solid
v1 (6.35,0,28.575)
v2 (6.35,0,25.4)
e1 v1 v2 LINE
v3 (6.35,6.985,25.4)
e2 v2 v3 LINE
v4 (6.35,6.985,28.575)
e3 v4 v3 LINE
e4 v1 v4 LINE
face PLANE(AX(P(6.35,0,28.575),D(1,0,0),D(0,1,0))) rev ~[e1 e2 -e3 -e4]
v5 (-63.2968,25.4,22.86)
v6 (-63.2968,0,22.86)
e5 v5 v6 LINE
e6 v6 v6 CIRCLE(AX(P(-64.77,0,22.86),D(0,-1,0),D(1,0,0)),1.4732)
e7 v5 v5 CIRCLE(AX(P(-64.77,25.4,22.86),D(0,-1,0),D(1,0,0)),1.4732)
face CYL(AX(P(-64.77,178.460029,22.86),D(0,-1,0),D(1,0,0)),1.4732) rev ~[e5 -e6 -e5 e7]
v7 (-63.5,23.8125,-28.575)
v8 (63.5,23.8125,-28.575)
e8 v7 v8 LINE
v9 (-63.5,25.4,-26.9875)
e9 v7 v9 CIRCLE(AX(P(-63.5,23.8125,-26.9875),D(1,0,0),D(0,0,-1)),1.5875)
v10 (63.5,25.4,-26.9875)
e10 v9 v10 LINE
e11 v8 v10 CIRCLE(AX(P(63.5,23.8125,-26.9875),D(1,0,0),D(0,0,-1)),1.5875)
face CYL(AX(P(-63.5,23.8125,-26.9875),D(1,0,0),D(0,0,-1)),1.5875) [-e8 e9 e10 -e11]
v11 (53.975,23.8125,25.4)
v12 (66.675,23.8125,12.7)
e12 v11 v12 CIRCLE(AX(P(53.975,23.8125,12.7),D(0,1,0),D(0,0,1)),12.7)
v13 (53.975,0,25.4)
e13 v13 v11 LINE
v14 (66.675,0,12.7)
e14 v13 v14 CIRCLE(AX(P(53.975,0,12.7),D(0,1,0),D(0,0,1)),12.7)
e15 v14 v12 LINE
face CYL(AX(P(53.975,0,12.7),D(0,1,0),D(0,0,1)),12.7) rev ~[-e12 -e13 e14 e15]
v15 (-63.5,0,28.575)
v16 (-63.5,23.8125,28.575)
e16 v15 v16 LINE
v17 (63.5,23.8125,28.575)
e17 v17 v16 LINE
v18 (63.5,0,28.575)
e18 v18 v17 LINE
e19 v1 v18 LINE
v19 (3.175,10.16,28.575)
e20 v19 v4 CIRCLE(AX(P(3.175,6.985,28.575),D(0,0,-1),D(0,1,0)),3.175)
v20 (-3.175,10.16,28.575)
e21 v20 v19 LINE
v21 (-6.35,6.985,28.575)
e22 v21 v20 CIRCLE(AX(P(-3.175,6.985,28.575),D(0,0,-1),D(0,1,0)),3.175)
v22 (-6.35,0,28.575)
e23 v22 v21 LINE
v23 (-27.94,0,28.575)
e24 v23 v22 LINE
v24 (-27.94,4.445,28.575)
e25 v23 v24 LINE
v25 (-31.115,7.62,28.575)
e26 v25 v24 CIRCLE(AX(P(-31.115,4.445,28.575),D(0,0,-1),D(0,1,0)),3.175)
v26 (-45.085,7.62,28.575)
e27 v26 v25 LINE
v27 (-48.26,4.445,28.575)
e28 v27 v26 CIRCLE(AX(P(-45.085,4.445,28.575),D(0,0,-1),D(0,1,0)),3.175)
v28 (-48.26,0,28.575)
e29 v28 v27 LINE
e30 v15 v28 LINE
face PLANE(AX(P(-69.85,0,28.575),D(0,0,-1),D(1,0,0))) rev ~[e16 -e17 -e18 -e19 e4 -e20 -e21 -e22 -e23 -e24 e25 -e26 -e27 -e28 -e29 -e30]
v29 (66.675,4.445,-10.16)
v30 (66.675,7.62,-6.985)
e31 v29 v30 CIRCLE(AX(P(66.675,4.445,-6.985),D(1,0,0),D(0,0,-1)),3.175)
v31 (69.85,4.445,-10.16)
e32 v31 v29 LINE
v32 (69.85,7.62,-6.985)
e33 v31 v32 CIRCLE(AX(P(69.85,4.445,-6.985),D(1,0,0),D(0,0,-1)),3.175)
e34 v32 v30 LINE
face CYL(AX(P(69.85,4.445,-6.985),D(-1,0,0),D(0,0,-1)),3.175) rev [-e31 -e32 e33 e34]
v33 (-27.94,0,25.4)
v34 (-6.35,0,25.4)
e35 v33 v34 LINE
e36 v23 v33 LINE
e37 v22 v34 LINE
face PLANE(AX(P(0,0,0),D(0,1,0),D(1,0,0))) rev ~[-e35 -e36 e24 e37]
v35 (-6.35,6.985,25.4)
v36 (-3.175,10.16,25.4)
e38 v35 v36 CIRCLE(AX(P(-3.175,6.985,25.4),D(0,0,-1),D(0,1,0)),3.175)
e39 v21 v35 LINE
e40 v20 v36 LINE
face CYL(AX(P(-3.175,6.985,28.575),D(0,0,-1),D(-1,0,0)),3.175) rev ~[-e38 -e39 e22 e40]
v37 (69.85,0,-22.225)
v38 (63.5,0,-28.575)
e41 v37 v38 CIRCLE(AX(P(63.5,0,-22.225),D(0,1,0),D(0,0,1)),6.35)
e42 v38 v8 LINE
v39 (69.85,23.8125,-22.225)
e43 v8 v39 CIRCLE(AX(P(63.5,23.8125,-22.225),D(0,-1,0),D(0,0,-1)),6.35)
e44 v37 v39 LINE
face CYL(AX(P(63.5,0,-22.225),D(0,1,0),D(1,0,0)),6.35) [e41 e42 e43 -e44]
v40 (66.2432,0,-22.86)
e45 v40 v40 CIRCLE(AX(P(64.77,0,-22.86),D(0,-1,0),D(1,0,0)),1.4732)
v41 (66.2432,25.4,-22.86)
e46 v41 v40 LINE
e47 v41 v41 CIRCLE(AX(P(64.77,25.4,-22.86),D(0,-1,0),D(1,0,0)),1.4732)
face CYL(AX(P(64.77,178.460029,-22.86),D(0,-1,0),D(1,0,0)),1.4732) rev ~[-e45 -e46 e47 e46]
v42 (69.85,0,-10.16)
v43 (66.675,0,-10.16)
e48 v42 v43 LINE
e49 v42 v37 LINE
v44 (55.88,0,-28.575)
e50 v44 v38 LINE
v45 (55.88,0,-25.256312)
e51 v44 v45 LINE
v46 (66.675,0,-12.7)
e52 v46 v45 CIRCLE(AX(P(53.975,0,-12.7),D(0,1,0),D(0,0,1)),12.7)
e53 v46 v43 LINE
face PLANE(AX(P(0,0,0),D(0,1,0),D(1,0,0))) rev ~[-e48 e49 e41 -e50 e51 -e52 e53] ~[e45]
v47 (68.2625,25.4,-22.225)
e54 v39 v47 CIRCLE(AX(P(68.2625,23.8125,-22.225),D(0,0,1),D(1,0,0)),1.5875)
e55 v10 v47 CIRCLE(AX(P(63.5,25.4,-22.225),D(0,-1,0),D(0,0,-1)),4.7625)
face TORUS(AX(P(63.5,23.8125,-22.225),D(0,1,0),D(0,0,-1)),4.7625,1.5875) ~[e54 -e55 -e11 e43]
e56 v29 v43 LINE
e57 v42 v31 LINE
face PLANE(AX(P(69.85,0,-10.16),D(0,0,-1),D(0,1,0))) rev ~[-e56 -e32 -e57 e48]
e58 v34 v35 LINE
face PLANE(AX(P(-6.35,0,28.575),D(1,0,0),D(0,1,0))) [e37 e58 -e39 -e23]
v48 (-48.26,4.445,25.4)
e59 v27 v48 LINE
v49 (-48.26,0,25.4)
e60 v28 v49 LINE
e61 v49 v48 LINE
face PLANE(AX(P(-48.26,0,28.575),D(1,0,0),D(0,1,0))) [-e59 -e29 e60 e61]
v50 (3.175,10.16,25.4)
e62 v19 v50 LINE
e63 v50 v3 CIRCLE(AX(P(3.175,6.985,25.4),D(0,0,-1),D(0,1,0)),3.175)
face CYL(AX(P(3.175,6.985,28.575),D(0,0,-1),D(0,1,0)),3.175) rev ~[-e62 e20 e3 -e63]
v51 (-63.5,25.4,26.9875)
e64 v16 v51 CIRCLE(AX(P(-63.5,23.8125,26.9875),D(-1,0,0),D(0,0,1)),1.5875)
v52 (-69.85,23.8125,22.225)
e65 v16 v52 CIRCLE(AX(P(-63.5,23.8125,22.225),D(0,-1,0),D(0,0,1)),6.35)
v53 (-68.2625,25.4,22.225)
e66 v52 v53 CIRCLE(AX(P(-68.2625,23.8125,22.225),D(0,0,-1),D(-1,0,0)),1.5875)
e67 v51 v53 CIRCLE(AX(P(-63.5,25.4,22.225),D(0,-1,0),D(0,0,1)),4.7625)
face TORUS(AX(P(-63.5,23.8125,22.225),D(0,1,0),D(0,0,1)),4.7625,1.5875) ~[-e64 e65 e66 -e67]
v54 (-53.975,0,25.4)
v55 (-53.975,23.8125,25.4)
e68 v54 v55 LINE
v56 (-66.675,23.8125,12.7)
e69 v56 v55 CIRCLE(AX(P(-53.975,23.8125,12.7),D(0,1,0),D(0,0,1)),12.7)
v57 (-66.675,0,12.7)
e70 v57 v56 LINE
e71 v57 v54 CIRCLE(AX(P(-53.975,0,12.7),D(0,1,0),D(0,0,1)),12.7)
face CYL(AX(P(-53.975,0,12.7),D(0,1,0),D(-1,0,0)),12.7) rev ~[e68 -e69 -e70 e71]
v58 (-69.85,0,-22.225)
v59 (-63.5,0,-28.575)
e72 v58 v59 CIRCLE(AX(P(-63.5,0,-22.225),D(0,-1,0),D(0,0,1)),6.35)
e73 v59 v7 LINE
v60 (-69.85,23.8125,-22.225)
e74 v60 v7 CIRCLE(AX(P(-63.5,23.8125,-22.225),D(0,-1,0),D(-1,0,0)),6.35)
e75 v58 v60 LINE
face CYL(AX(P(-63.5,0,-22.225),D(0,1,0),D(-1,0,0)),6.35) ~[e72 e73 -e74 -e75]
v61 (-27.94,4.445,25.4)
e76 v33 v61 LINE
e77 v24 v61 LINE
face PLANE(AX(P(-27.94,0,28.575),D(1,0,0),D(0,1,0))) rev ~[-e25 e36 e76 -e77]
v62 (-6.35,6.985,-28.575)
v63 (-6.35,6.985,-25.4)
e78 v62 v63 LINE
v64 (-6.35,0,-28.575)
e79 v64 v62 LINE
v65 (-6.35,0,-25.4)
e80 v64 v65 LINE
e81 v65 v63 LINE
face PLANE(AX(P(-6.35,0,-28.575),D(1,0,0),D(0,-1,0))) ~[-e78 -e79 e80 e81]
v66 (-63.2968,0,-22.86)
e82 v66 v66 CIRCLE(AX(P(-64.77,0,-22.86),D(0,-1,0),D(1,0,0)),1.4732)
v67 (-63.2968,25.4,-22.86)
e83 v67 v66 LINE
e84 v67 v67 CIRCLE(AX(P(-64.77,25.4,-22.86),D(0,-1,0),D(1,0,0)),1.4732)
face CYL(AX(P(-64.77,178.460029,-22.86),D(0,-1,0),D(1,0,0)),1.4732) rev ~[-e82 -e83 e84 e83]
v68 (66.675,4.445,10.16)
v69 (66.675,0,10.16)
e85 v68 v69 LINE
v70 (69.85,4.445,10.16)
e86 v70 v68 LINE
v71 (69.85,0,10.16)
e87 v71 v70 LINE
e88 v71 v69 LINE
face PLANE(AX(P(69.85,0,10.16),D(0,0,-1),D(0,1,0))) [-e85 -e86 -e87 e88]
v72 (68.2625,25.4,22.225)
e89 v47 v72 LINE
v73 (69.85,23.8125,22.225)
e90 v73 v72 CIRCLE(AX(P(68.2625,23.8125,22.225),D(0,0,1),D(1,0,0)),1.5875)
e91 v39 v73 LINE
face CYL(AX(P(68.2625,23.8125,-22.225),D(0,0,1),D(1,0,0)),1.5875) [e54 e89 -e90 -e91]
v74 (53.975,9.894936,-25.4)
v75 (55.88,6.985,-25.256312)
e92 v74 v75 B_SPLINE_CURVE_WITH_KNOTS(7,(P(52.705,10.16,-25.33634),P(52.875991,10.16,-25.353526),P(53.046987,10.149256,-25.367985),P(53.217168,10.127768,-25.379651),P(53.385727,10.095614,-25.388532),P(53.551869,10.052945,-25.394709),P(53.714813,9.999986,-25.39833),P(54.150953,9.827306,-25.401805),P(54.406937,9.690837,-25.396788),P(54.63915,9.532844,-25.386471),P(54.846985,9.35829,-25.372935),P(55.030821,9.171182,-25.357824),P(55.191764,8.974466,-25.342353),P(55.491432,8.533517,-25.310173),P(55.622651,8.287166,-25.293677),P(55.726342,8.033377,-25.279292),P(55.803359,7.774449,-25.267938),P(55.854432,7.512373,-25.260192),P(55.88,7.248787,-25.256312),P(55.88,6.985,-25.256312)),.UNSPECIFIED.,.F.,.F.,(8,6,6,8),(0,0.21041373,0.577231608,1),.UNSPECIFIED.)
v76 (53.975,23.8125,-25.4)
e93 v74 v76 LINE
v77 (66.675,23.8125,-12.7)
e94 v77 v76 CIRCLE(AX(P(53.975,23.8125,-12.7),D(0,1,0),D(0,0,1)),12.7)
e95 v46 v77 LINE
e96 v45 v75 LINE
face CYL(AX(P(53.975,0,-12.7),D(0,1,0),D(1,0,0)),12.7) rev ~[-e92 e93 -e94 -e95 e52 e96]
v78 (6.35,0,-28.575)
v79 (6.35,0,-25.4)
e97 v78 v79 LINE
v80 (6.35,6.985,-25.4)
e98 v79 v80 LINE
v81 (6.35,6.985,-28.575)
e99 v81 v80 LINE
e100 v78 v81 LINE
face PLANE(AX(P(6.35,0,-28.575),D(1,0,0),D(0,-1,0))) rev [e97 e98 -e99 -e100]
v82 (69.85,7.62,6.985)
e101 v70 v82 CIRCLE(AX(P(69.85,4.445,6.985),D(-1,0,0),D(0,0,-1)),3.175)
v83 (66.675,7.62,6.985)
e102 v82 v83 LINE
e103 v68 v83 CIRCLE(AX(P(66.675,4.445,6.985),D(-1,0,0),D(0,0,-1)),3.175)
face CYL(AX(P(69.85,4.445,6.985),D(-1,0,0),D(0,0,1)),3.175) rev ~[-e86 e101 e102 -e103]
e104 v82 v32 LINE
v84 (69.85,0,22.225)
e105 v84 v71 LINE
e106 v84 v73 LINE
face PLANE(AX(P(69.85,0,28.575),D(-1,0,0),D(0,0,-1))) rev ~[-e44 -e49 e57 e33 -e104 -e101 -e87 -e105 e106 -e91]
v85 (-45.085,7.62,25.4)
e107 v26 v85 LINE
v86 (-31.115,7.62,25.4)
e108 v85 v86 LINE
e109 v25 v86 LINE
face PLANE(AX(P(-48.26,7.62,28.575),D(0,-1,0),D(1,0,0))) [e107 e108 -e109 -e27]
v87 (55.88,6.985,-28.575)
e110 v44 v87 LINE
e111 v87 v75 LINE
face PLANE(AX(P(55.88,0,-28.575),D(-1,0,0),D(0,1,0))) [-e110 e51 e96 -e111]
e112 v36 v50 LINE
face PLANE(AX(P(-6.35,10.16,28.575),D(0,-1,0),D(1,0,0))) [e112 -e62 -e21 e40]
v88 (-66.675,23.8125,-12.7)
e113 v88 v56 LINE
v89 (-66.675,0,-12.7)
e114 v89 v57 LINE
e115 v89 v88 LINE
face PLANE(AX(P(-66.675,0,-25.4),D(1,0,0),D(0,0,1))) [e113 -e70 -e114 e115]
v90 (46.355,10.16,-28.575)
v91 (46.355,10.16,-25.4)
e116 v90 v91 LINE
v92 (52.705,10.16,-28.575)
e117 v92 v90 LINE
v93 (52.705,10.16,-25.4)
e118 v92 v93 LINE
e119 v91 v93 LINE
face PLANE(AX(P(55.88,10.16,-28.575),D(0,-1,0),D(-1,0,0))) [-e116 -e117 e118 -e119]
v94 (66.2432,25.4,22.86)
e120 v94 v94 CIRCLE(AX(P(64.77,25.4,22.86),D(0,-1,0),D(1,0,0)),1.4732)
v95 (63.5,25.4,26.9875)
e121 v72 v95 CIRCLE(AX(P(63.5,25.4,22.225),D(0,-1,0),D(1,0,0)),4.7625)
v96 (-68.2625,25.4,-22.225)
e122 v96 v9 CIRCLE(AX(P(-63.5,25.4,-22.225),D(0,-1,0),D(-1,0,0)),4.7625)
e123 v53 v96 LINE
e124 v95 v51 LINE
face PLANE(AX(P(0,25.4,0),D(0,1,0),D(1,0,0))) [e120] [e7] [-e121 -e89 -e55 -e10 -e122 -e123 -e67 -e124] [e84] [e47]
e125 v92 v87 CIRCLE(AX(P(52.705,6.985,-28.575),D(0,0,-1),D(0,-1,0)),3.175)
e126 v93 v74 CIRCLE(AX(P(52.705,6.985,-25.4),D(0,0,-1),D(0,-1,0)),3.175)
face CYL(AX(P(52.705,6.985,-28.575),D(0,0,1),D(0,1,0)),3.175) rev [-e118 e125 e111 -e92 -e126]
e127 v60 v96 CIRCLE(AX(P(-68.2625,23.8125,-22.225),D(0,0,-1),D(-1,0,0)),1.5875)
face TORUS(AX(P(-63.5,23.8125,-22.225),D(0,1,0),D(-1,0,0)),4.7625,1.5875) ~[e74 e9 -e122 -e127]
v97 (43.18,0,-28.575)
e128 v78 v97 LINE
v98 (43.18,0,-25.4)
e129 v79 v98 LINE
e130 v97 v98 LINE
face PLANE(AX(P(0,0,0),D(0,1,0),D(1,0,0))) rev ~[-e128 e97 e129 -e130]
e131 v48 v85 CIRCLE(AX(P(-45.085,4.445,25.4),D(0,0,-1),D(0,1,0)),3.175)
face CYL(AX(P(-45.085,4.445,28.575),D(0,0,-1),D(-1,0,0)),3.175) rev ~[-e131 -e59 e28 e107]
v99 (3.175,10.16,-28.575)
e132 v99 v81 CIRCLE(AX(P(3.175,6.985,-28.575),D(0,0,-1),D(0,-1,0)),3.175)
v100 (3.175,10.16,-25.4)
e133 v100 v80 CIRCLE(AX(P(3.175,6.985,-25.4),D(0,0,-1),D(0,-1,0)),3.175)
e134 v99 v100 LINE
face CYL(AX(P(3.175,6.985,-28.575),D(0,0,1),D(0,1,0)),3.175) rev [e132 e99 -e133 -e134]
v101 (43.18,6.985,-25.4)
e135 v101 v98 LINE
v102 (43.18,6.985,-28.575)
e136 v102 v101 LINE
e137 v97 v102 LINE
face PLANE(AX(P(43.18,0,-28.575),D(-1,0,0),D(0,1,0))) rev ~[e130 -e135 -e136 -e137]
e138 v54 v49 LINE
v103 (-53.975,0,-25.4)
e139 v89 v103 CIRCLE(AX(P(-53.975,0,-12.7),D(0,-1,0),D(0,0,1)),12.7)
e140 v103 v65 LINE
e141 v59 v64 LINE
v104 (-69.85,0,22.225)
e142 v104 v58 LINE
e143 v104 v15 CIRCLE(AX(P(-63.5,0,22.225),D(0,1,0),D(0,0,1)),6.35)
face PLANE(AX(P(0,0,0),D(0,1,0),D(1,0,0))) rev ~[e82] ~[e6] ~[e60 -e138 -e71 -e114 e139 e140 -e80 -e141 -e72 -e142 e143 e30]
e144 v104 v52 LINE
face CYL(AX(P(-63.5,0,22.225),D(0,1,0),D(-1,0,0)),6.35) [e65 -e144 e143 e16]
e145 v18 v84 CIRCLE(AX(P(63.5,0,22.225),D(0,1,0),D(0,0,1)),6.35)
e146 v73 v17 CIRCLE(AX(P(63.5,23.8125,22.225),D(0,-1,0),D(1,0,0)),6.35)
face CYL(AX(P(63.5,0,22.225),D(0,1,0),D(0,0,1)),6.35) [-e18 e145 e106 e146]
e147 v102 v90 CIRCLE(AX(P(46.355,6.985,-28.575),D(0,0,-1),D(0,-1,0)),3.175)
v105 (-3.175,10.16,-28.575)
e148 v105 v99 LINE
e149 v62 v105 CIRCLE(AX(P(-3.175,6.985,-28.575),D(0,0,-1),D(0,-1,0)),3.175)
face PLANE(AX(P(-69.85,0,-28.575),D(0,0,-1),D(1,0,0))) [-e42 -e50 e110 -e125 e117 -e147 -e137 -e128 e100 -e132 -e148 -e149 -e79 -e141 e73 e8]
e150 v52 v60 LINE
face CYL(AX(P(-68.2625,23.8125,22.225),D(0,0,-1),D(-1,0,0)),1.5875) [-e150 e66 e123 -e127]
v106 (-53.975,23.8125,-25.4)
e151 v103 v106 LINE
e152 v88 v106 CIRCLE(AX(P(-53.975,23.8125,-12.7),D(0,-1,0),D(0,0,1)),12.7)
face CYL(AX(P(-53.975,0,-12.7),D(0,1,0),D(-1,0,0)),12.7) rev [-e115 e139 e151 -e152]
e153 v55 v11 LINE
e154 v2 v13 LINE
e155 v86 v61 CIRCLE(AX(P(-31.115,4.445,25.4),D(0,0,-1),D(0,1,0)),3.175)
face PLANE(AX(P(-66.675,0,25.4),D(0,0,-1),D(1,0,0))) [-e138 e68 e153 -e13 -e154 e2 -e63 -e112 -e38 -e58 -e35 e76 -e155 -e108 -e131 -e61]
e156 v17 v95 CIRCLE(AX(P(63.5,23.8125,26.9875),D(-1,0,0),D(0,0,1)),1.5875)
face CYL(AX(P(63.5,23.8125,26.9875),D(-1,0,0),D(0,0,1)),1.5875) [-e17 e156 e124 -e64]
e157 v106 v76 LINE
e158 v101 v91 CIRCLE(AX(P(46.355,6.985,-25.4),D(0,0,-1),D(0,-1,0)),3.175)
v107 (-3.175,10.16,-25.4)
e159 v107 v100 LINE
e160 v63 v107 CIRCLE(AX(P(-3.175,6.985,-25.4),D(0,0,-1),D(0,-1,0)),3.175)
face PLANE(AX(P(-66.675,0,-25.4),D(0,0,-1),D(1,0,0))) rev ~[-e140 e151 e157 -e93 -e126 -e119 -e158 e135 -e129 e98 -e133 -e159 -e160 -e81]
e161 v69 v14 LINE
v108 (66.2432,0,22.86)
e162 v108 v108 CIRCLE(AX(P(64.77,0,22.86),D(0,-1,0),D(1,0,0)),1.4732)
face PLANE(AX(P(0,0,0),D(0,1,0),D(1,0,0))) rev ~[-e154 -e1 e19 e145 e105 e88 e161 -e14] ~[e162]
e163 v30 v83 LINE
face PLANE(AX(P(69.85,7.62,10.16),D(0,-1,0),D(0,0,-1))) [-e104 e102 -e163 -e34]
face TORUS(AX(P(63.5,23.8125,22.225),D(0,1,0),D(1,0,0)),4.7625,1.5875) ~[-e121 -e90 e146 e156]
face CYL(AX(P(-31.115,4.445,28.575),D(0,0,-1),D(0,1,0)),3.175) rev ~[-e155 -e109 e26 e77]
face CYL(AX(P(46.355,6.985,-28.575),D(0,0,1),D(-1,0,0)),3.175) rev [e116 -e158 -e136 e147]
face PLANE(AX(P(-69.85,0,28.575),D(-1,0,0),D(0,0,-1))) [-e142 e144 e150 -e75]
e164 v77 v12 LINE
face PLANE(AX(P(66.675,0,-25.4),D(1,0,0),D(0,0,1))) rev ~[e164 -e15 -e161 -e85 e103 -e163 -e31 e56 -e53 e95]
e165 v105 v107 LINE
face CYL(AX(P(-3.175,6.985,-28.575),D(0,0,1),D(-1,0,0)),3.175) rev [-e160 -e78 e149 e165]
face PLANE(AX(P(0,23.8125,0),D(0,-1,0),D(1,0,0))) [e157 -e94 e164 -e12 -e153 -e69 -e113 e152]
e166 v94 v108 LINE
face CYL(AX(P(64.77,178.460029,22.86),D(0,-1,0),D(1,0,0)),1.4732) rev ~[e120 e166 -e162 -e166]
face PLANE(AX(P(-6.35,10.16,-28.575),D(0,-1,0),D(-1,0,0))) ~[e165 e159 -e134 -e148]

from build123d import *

# Parameters (mm, degrees)
SKETCH1_W             = 139.7
SKETCH1_H             = 57.15
BOSS_EXTRUDE1_DEPTH   = 25.4
FILLET1_R             = 6.35
SKETCH5_W             = 133.35
SKETCH5_H             = 50.8
CUT_EXTRUDE1_DEPTH    = 23.8125
FILLET5_R             = 12.7
F_4_CLEARANCE_HOLE1_D = 2.9464
FILLET6_R             = 1.5875
CUT_EXTRUDE2_REACH    = 146.837
SKETCH6_W             = 20.32
SKETCH6_H             = 7.62
CUT_EXTRUDE3_REACH    = 95.757
SKETCH7_W             = 20.32
SKETCH7_H             = 7.62
CUT_EXTRUDE4_REACH    = 95.757
SKETCH8_W             = 12.7
SKETCH8_H             = 10.16
FILLET7_R             = 3.175
CUT_EXTRUDE5_REACH    = 95.757
SKETCH9_W             = 12.7
SKETCH9_H             = 10.16
FILLET9_R             = 3.175


with BuildPart() as part:
    # Sketch1 → Boss-Extrude1 (new body)
    with BuildSketch(Plane(origin=(0, 0, 0), x_dir=(1, 0, 0), z_dir=(0, 1, 0))):
        Rectangle(SKETCH1_W, SKETCH1_H)
    extrude(amount=BOSS_EXTRUDE1_DEPTH)

    # Fillet1
    fillet1_edges = [part.edges().sort_by_distance(p)[0] for p in [
        (69.85, 12.7, 28.575),
        (-69.85, 12.7, 28.575),
        (-69.85, 12.7, -28.575),
        (69.85, 12.7, -28.575),
    ]]
    fillet(fillet1_edges, radius=FILLET1_R)

    # Sketch5 → Cut-Extrude1 (cut)
    with BuildSketch(Plane.XZ):
        Rectangle(SKETCH5_W, SKETCH5_H)
    extrude(amount=-CUT_EXTRUDE1_DEPTH, mode=Mode.SUBTRACT)

    # Fillet5
    fillet5_edges = [part.edges().sort_by_distance(p)[0] for p in [
        (-66.675, 11.90625, 25.4),
        (66.675, 11.90625, 25.4),
        (66.675, 11.90625, -25.4),
        (-66.675, 11.90625, -25.4),
    ]]
    fillet(fillet5_edges, radius=FILLET5_R)

    # #4 Clearance Hole1 (through all)
    with Locations(Plane(origin=(0, 25.4, 0), x_dir=(-1, 0, 0), z_dir=(0, 1, 0))):
        with Locations((64.77, -22.86), (64.77, 22.86), (-64.77, -22.86), (-64.77, 22.86)):
            Hole(F_4_CLEARANCE_HOLE1_D / 2)

    # Fillet6
    fillet6_edges = [part.edges().sort_by_distance(p)[0] for p in [
        (-69.85, 25.4, 0),
        (0, 25.4, -28.575),
        (69.85, 25.4, 0),
        (0, 25.4, 28.575),
        (-67.990128061, 25.4, 26.715128061),
        (67.990128061, 25.4, 26.715128061),
        (67.990128061, 25.4, -26.715128061),
        (-67.990128061, 25.4, -26.715128061),
    ]]
    fillet(fillet6_edges, radius=FILLET6_R)

    # Sketch6 → Cut-Extrude2 (cut, up to next)
    with BuildSketch(Plane(origin=(69.85, 0, 0), x_dir=(0, 0, -1), z_dir=(1, 0, 0)), mode=Mode.PRIVATE) as cut_extrude2_sk1:
        with Locations((0, 3.81)):
            Rectangle(SKETCH6_W, SKETCH6_H)
    cut_extrude2_tool1 = extrude(cut_extrude2_sk1.sketch, amount=-CUT_EXTRUDE2_REACH, mode=Mode.PRIVATE) & part.part
    add(cut_extrude2_tool1.solids().sort_by_distance((69.85, 3.81, 0))[0], mode=Mode.SUBTRACT)

    # Sketch7 → Cut-Extrude3 (cut, up to next)
    with BuildSketch(Plane.XY.offset(28.575), mode=Mode.PRIVATE) as cut_extrude3_sk1:
        with Locations((-38.1, 3.81)):
            Rectangle(SKETCH7_W, SKETCH7_H)
    cut_extrude3_tool1 = extrude(cut_extrude3_sk1.sketch, amount=-CUT_EXTRUDE3_REACH, mode=Mode.PRIVATE) & part.part
    add(cut_extrude3_tool1.solids().sort_by_distance((-38.1, 3.81, 28.575))[0], mode=Mode.SUBTRACT)

    # Sketch8 → Cut-Extrude4 (cut, up to next)
    with BuildSketch(Plane(origin=(0, 0, -28.575), x_dir=(-1, 0, 0), z_dir=(0, 0, -1)), mode=Mode.PRIVATE) as cut_extrude4_sk1:
        with Locations((-49.53, 5.08)):
            Rectangle(SKETCH8_W, SKETCH8_H)
    cut_extrude4_tool1 = extrude(cut_extrude4_sk1.sketch, amount=-CUT_EXTRUDE4_REACH, mode=Mode.PRIVATE) & part.part
    add(cut_extrude4_tool1.solids().sort_by_distance((49.53, 5.08, -28.575))[0], mode=Mode.SUBTRACT)

    # Fillet7
    fillet7_edges = [part.edges().sort_by_distance(p)[0] for p in [
        (68.2625, 7.62, -10.16),
        (68.2625, 7.62, 10.16),
        (-27.94, 7.62, 26.9875),
        (-48.26, 7.62, 26.9875),
        (43.18, 10.16, -26.9875),
        (55.88, 10.16, -26.915656079),
    ]]
    fillet(fillet7_edges, radius=FILLET7_R)

    # Sketch9 → Cut-Extrude5 (cut, up to next)
    with BuildSketch(Plane.XY.offset(28.575), mode=Mode.PRIVATE) as cut_extrude5_sk1:
        with Locations((0, 5.08)):
            Rectangle(SKETCH9_W, SKETCH9_H)
    cut_extrude5_tool1 = extrude(cut_extrude5_sk1.sketch, amount=-CUT_EXTRUDE5_REACH, mode=Mode.PRIVATE) & part.part
    cut_extrude5 = cut_extrude5_tool1.solids().sort_by_distance((0, 5.08, 28.575))[0]
    add(cut_extrude5, mode=Mode.SUBTRACT)

    # Mirror1: Cut-Extrude5 across plane
    add(cut_extrude5.mirror(Plane.XY), mode=Mode.SUBTRACT)

    # Fillet9
    fillet9_edges = [part.edges().sort_by_distance(p)[0] for p in [
        (6.35, 10.16, 26.9875),
        (-6.35, 10.16, 26.9875),
        (6.35, 10.16, -26.9875),
        (-6.35, 10.16, -26.9875),
    ]]
    fillet(fillet9_edges, radius=FILLET9_R)


solid = part.part
